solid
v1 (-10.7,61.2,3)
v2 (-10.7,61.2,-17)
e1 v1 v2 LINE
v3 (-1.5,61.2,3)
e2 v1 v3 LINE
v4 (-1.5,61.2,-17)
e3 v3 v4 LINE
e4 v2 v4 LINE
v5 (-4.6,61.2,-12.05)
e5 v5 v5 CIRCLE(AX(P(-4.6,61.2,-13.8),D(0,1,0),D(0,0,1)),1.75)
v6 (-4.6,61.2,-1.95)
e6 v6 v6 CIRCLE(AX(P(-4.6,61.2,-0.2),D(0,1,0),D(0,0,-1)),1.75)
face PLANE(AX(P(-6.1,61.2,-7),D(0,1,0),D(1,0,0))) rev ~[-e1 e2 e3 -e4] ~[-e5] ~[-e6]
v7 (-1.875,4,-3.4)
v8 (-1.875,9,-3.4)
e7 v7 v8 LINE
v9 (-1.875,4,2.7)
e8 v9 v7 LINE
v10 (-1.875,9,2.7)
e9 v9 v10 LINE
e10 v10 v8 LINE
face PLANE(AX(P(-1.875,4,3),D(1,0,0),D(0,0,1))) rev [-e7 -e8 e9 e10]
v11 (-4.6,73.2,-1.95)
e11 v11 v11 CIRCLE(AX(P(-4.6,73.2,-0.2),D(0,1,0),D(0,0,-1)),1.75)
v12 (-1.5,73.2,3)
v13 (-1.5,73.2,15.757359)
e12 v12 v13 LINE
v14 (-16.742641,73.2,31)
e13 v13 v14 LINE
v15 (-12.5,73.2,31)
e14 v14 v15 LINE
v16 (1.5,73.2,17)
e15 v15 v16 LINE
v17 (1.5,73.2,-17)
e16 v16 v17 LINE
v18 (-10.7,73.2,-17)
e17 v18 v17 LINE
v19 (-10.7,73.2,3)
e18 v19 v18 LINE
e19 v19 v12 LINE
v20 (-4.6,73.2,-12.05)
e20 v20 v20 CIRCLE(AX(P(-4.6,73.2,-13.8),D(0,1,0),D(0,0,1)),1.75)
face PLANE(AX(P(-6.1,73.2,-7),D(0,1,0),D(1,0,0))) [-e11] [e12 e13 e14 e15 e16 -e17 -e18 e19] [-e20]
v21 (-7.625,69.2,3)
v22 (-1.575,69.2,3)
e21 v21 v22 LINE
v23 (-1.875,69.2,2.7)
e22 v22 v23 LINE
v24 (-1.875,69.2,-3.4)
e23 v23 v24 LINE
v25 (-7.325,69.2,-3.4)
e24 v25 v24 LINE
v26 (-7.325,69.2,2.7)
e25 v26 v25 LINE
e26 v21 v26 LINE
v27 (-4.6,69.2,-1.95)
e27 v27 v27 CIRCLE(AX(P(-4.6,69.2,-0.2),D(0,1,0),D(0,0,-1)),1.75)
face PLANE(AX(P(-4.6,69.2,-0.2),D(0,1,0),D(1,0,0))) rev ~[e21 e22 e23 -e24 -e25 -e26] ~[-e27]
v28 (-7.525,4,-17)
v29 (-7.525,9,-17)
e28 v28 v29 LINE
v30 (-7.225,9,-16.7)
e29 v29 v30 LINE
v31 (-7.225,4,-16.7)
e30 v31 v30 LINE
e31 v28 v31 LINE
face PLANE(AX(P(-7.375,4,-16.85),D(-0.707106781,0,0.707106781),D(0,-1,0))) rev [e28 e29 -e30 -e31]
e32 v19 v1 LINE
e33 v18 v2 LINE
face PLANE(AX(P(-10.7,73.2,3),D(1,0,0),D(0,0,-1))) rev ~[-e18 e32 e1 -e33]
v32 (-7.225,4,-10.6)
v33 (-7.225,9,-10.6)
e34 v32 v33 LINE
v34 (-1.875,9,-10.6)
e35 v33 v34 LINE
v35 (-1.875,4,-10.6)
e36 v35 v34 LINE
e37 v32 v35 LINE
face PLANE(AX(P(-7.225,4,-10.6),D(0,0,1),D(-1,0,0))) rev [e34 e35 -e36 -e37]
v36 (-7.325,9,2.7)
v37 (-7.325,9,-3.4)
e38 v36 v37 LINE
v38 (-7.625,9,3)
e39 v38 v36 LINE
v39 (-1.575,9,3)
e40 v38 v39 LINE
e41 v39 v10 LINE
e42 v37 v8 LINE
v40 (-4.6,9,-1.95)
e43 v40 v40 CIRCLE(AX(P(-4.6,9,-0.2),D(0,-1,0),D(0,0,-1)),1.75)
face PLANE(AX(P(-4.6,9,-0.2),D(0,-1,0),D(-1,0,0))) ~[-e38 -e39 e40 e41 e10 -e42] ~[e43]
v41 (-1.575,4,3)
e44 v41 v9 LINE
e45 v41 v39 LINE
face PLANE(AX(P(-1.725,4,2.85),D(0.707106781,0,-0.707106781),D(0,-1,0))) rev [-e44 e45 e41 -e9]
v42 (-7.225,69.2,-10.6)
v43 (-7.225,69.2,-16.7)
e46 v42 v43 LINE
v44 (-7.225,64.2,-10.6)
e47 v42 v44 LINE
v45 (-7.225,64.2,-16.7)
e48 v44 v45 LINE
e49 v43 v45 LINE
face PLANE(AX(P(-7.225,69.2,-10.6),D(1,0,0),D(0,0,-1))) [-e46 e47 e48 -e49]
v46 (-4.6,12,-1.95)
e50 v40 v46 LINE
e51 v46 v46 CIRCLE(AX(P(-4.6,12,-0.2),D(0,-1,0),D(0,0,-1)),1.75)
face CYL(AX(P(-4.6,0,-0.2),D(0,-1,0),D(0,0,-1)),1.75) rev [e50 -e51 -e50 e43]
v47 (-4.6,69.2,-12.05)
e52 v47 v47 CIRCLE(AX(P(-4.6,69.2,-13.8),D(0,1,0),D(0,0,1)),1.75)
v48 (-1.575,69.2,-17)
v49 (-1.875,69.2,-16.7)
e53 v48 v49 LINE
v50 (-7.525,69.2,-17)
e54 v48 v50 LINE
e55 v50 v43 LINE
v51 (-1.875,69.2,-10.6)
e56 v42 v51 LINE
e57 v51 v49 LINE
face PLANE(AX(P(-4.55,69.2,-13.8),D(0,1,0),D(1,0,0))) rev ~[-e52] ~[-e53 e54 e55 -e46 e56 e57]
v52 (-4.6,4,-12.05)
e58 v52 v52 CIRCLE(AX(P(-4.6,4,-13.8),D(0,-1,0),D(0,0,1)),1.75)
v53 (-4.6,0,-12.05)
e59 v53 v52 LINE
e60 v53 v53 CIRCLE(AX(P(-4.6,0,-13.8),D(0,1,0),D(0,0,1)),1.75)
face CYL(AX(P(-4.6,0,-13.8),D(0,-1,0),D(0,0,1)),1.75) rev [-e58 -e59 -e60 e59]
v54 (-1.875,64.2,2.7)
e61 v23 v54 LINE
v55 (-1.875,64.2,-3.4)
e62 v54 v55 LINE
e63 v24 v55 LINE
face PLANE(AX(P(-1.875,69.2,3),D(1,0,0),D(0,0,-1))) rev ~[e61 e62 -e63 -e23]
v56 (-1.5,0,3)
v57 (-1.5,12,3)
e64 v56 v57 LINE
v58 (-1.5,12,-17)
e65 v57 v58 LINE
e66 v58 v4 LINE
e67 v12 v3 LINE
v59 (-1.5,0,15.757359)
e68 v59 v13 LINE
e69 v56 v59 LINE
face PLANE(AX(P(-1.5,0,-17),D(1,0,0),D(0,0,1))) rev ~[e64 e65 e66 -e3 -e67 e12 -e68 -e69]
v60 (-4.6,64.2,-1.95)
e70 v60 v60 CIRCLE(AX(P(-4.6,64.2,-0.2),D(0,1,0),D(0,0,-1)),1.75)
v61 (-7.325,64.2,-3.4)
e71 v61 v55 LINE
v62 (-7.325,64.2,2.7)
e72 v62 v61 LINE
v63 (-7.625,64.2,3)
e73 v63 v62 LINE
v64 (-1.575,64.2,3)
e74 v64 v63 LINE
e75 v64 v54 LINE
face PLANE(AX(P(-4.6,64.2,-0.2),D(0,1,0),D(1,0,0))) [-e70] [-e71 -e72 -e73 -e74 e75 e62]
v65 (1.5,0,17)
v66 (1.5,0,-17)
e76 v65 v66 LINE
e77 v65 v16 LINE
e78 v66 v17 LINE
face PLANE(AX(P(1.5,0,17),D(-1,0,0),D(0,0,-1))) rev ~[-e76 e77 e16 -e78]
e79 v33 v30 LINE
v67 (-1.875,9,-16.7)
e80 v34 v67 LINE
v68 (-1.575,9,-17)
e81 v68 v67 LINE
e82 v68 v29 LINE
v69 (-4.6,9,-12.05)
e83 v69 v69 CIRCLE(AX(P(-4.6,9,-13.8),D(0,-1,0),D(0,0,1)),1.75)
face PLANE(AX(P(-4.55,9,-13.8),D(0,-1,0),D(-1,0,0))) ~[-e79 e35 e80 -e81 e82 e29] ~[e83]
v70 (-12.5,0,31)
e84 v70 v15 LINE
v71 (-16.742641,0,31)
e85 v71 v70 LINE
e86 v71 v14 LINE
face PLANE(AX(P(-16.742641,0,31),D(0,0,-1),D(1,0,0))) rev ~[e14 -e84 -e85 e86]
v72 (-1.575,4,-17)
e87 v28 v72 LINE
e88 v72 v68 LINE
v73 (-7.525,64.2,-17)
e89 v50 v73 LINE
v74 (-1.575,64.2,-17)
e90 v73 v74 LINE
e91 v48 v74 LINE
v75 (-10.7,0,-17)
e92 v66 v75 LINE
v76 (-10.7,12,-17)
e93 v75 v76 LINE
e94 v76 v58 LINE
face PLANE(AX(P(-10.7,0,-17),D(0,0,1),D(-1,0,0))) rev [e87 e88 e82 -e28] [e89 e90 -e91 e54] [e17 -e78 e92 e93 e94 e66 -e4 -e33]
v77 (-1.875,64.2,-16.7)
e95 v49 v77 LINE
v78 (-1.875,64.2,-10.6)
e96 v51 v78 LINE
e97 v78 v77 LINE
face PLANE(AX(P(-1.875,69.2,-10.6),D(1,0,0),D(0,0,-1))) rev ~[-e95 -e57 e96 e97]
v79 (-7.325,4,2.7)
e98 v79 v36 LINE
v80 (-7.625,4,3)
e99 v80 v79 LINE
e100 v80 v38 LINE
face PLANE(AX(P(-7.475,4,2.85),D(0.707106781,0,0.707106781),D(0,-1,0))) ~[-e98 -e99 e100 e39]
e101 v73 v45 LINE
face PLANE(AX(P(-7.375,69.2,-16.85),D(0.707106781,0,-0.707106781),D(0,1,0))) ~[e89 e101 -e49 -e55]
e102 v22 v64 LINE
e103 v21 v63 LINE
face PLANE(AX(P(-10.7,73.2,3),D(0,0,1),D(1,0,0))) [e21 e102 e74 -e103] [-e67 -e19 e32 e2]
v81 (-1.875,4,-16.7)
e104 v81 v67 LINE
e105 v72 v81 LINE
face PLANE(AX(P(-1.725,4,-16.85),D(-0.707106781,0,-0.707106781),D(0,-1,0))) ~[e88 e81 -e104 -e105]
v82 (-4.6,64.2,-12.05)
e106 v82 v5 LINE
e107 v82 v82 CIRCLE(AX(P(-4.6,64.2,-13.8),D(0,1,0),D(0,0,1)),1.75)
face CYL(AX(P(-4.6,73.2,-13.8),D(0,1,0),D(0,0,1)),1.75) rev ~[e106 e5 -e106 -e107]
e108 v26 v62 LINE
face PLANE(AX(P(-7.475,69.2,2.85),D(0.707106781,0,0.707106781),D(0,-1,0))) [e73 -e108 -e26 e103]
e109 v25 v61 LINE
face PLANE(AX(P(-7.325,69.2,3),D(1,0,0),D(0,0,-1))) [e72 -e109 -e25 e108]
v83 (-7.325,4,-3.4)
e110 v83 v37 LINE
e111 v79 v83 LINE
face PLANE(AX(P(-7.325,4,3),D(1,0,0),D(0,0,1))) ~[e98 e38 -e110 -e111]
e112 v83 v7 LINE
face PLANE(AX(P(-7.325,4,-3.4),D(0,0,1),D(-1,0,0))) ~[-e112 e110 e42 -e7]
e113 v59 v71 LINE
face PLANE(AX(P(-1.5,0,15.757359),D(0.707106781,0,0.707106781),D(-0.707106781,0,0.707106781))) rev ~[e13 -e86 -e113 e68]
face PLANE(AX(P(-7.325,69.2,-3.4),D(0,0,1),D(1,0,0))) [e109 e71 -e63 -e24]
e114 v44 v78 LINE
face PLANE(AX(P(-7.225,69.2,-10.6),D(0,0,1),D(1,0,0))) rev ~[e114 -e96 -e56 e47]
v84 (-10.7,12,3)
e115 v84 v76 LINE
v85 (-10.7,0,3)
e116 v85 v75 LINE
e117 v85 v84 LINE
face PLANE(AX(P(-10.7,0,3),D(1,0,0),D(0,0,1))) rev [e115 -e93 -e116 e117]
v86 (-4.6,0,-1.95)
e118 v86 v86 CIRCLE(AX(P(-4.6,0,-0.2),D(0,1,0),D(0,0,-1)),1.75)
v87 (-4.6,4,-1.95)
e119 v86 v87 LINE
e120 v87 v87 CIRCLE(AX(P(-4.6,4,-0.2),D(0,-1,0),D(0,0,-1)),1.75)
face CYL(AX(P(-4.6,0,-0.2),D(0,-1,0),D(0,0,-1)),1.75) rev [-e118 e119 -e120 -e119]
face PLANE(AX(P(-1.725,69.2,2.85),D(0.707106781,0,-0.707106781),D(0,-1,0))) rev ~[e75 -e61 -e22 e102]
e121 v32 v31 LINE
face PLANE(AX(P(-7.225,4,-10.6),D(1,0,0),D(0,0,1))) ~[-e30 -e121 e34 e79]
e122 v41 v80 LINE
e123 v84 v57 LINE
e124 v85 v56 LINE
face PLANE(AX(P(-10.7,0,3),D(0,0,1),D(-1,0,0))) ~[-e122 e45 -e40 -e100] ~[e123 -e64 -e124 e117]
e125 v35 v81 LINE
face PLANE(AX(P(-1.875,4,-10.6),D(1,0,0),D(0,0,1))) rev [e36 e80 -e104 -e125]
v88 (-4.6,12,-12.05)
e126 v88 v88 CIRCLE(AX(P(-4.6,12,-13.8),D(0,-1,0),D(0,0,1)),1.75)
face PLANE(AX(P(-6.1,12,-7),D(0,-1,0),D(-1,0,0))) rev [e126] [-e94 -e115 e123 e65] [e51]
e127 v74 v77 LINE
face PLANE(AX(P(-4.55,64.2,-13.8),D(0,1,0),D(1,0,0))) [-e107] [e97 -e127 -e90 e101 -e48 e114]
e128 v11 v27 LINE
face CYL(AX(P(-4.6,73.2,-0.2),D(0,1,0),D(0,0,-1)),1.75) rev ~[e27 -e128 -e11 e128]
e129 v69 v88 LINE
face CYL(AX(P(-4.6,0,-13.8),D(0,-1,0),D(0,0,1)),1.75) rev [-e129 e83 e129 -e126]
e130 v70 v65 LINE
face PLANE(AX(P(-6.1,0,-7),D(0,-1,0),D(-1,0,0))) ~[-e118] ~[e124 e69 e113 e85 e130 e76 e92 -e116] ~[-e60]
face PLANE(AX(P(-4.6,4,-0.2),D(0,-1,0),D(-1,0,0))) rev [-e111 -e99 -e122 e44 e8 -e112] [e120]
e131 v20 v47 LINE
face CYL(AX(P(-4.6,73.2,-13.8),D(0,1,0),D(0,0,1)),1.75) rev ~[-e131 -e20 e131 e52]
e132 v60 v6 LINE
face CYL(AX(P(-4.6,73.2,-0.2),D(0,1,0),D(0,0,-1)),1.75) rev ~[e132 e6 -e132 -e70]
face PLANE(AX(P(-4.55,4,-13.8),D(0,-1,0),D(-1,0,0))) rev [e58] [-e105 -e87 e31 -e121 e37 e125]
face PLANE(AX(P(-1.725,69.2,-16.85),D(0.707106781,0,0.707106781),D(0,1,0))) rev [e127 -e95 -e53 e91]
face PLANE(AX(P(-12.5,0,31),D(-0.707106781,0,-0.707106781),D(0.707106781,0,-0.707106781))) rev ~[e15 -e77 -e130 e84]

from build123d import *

# Parameters (mm, degrees)
EXTRUDE_1_DEPTH     = 73.2
SKETCH_2_W          = 9.2
SKETCH_2_H          = 20
EXTRUDE_2_DEPTH     = 12
SKETCH_4_R          = 1.75
CUT_EXTRUDE_1_DEPTH = 20
SKETCH_7_W          = 5.45
SKETCH_7_H          = 6.4
SKETCH_7_W_2        = 5.35
CUT_EXTRUDE_2_DEPTH = 5
CHAMFER_1_SIZE      = 0.3


with BuildPart() as part:
    # 草图1 → 凸台-拉伸1 (new body)
    with BuildSketch(Plane(origin=(0, 0, 0), x_dir=(1, 0, 0), z_dir=(0, 1, 0))):
        Polygon((-12.5, -31), (1.5, -17), (1.5, 17), (-1.5, 17), (-1.5, -15.757359313), (-16.742640687, -31), align=None)
    extrude(amount=EXTRUDE_1_DEPTH)

    # 草图2 → 凸台-拉伸2 (add)
    with BuildSketch(Plane(origin=(0, 73.2, 0), x_dir=(1, 0, 0), z_dir=(0, 1, 0))):
        with Locations((-6.1, 7)):
            Rectangle(SKETCH_2_W, SKETCH_2_H)
    extrude_2 = extrude(amount=-EXTRUDE_2_DEPTH)

    # 草图4 → 切除-拉伸1 (cut)
    with BuildSketch(Plane(origin=(0, 73.2, 0), x_dir=(1, 0, 0), z_dir=(0, 1, 0))):
        with Locations(Location((-4.6, 13.8, 0), (0, 0, 270))):
            Circle(SKETCH_4_R)
        with Locations(Location((-4.6, 0.2, 0), (0, 0, 90))):
            Circle(SKETCH_4_R)
    cut_extrude_1 = extrude(amount=-CUT_EXTRUDE_1_DEPTH, mode=Mode.SUBTRACT)

    # 草图7 → 切除-拉伸2 (cut)
    with BuildSketch(Plane(origin=(0, 69.2, 0), x_dir=(1, 0, 0), z_dir=(0, 1, 0))):
        with Locations((-4.6, 0.2)):
            Rectangle(SKETCH_7_W, SKETCH_7_H)
        with Locations((-4.55, 13.8)):
            Rectangle(SKETCH_7_W_2, SKETCH_7_H)
    cut_extrude_2 = extrude(amount=-CUT_EXTRUDE_2_DEPTH, mode=Mode.SUBTRACT)

    # 镜向1: 凸台-拉伸2, 切除-拉伸1, 切除-拉伸2 across plane
    add(extrude_2.mirror(Plane.ZX.offset(36.6)))
    add(cut_extrude_1.mirror(Plane.ZX.offset(36.6)), mode=Mode.SUBTRACT)
    add(cut_extrude_2.mirror(Plane.ZX.offset(36.6)), mode=Mode.SUBTRACT)

    # 倒角1
    chamfer_1_edges = [part.edges().sort_by_distance(p)[0] for p in [
        (-7.325, 6.5, 3),
        (-1.875, 6.5, 3),
        (-7.225, 6.5, -17),
        (-1.875, 6.5, -17),
        (-7.325, 66.7, 3),
        (-1.875, 66.7, 3),
        (-7.225, 66.7, -17),
        (-1.875, 66.7, -17),
    ]]
    chamfer(chamfer_1_edges, length=CHAMFER_1_SIZE)


solid = part.part
